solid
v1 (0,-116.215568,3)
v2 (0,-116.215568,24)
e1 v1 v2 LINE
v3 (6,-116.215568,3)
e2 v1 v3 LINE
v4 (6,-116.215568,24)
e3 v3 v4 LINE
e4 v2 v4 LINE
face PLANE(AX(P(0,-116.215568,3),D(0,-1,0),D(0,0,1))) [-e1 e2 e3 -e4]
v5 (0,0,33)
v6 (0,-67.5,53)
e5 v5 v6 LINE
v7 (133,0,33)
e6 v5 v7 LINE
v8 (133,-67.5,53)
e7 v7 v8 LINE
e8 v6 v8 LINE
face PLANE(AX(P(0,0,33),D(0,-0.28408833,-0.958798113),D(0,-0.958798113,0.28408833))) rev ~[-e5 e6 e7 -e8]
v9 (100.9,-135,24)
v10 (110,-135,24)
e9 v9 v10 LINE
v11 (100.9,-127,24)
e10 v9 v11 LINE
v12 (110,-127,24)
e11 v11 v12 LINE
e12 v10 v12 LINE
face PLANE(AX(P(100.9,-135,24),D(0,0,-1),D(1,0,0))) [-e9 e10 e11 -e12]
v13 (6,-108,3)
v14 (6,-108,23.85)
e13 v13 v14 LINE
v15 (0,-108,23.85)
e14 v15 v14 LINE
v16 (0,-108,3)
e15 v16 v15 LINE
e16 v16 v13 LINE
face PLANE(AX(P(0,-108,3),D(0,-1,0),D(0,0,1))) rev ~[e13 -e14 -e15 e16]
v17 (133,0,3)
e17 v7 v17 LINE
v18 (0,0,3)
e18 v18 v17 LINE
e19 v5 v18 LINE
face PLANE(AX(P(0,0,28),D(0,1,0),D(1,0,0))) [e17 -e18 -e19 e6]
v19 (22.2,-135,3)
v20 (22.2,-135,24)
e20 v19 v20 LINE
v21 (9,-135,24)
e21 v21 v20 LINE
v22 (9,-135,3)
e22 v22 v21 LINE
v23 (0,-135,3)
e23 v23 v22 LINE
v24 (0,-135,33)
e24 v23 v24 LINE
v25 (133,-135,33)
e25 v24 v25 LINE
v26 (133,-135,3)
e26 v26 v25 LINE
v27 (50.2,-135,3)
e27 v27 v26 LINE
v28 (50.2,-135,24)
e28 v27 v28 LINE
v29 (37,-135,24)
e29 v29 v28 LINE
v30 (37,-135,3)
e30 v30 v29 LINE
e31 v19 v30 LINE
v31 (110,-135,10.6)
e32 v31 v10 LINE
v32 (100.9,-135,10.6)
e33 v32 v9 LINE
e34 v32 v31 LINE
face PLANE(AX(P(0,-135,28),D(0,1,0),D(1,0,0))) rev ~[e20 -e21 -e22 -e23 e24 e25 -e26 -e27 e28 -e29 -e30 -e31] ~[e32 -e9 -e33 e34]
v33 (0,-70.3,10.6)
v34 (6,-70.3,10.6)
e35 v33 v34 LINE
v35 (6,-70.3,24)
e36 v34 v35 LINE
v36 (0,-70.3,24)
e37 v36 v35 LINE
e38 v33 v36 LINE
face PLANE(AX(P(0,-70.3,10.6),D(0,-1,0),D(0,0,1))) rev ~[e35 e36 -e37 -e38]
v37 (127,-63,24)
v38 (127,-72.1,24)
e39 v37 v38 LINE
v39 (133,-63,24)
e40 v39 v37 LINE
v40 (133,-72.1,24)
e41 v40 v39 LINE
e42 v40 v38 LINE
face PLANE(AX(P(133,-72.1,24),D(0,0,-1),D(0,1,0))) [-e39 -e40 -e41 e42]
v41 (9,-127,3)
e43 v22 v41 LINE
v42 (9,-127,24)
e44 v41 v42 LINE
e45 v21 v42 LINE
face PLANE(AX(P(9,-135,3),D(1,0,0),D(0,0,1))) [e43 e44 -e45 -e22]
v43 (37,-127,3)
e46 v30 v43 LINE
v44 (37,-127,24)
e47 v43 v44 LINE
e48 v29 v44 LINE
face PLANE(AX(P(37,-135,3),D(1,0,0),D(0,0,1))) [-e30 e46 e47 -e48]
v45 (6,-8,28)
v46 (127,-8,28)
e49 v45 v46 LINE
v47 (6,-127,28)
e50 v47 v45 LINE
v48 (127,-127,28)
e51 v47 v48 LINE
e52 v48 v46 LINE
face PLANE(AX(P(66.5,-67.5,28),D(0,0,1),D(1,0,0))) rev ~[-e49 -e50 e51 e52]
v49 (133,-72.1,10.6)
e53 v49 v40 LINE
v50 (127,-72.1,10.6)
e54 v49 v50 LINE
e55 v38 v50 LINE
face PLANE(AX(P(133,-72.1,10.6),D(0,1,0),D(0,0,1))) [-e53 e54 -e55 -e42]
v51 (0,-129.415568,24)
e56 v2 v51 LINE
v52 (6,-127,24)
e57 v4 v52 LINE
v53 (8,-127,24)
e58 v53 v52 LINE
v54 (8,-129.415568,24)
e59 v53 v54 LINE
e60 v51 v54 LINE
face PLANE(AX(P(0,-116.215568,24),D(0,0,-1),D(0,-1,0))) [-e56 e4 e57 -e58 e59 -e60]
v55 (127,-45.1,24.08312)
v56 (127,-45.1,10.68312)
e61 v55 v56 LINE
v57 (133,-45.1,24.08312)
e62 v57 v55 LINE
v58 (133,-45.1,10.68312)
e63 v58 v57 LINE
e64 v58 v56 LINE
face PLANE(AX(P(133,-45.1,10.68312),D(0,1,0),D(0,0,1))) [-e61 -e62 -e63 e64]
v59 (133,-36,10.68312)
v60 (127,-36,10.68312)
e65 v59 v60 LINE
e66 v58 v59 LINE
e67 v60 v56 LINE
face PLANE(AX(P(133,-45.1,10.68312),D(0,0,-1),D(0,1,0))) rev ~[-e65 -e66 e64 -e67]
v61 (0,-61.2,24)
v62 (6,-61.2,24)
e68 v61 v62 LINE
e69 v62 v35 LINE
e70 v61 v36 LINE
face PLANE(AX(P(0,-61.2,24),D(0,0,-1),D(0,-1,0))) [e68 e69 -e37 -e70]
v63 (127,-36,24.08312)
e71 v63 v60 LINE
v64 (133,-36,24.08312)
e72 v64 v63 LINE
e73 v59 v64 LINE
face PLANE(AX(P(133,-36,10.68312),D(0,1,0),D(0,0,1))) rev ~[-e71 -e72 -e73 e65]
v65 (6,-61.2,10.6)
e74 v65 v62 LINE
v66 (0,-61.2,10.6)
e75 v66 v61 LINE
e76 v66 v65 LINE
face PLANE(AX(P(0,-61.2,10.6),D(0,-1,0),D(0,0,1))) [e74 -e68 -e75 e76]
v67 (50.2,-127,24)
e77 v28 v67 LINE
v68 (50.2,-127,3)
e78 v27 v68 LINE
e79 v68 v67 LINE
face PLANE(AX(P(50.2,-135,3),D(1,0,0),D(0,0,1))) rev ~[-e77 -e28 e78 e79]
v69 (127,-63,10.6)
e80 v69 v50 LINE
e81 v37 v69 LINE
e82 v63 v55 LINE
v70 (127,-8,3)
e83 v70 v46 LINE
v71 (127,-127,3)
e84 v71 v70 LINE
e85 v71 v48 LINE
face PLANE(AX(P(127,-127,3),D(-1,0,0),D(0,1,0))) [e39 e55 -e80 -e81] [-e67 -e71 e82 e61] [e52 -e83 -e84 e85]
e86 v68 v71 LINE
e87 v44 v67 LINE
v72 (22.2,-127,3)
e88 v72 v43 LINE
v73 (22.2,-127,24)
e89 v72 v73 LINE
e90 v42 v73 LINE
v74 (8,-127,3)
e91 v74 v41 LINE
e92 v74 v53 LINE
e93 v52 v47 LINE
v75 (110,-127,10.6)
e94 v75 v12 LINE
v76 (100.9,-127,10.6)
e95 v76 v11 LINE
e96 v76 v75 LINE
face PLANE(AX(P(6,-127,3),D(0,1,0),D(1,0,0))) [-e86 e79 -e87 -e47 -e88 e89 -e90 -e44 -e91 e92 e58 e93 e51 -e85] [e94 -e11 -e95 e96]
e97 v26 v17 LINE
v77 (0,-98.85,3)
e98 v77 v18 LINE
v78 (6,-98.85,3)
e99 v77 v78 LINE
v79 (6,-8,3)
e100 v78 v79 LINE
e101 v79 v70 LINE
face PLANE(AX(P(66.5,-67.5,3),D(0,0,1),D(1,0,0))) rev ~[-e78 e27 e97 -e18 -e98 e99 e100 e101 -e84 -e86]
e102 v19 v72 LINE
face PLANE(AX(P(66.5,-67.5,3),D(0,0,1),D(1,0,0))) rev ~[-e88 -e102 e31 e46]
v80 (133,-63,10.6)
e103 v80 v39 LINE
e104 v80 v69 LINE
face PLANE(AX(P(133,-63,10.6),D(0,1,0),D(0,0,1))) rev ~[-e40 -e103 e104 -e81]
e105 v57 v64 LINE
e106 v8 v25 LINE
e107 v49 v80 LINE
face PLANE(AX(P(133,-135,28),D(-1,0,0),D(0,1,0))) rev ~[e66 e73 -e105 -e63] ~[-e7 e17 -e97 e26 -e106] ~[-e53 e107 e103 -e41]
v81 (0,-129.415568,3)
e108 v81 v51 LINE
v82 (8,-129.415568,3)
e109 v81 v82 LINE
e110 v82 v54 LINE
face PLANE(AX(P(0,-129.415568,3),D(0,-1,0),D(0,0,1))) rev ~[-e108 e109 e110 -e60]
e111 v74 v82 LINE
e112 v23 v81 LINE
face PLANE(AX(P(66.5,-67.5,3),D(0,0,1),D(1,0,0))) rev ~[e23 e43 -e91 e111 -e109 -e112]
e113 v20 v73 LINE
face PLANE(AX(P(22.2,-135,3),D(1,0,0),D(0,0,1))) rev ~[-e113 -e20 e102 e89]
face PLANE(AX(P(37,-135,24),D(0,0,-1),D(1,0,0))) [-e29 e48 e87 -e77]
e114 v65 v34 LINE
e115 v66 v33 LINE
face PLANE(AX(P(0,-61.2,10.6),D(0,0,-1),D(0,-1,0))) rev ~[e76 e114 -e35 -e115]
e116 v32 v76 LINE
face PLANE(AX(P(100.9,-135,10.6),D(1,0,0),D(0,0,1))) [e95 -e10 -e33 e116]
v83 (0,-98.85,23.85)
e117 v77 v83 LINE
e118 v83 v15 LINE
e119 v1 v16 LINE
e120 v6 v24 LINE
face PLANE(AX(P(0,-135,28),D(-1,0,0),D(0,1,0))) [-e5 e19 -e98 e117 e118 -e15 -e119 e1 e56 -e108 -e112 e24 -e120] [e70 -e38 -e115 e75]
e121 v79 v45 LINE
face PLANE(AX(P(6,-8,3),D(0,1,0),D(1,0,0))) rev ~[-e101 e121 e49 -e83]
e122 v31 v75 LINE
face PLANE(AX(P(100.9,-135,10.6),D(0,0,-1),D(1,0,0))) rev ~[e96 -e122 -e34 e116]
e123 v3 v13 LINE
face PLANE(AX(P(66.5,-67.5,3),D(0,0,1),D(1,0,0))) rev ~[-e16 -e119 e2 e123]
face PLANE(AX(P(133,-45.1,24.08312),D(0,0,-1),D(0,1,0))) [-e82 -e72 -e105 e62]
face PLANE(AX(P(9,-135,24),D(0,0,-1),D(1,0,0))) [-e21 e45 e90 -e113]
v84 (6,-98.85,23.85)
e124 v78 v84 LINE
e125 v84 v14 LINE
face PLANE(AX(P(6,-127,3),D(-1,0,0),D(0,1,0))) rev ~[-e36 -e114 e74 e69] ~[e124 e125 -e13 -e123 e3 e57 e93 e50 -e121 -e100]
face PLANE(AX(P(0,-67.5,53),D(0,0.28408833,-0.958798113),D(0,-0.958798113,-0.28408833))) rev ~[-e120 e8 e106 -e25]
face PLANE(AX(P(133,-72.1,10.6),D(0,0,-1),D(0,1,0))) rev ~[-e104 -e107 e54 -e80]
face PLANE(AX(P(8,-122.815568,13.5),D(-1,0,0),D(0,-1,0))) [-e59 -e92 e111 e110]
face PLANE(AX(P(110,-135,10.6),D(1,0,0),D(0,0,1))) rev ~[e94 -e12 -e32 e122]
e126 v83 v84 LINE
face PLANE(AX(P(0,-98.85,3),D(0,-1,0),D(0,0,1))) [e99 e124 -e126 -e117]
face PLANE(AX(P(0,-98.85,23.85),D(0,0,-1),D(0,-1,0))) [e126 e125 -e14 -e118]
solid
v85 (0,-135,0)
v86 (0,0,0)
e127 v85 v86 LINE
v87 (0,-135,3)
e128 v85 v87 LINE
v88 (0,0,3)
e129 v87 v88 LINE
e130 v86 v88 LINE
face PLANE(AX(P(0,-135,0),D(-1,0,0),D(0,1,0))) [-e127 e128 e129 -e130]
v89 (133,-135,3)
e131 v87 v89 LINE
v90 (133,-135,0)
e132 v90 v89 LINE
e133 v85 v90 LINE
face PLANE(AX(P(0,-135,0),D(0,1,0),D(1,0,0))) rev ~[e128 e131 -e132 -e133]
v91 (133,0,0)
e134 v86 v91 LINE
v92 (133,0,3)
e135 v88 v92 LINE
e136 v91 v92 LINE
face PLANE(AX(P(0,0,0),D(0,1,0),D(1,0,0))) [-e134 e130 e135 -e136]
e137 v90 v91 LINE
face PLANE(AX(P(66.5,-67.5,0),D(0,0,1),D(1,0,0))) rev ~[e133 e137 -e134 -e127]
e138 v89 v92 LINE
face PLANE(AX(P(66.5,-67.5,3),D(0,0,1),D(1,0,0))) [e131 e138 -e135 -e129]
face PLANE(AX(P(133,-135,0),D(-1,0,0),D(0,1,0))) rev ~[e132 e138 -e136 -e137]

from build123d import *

# Parameters (mm, degrees)
F0_W      = 133
F0_H      = 135
F1_DEPTH  = 3
F2_W      = 133
F2_H      = 135
F2_W_2    = 121
F2_H_2    = 119
F3_DEPTH  = 25
F5_W      = 9.1
F5_H      = 13.4
F6_DEPTH  = 25
F7_W      = 9.15
F7_H      = 20.85
F8_DEPTH  = 8
F9_W      = 13.2
F9_H      = 21
F10_DEPTH = 8
F11_W     = 9.1
F11_H     = 13.4
F12_DEPTH = 8
F13_W     = 9.1
F13_H     = 13.4
F15_DEPTH = 8
F16_W     = 9.1
F16_H     = 13.4
F16_W_2   = 13.2
F16_H_2   = 21
F17_DEPTH = 8
F18_W     = 133
F18_H     = 135
F19_DEPTH = 25
F21_DEPTH = 133.001


with BuildPart() as f1:
    # F0 (on Top) → F1 (new body)
    with BuildSketch(Plane.XY):
        with Locations((66.5, -67.5)):
            Rectangle(F0_W, F0_H)
    extrude(amount=F1_DEPTH)


with BuildPart() as f3:
    # F2 (on face) → F3 (new body)
    with BuildSketch(Plane.XY.offset(3)):
        with Locations((66.5, -67.5)):
            Rectangle(F2_W, F2_H)
        with Locations((66.5, -67.5)):
            Rectangle(F2_W_2, F2_H_2, mode=Mode.SUBTRACT)
    extrude(amount=F3_DEPTH)

    # F5 (on face) → F6 (cut)
    with BuildSketch(Plane(origin=(0, 0, 0), x_dir=(0, -1, 0), z_dir=(-1, 0, 0))):
        with Locations((65.75, 17.3)):
            Rectangle(F5_W, F5_H)
    extrude(amount=-F6_DEPTH, mode=Mode.SUBTRACT)

    # F7 (on face) → F8 (cut)
    with BuildSketch(Plane(origin=(0, 0, 0), x_dir=(0, -1, 0), z_dir=(-1, 0, 0))):
        with Locations((103.425, 13.425)):
            Rectangle(F7_W, F7_H)
    extrude(amount=-F8_DEPTH, mode=Mode.SUBTRACT)

    # F9 (on face) → F10 (cut)
    with BuildSketch(Plane(origin=(0, 0, 0), x_dir=(0, -1, 0), z_dir=(-1, 0, 0))):
        with Locations((122.815568, 13.5)):
            Rectangle(F9_W, F9_H)
    extrude(amount=-F10_DEPTH, mode=Mode.SUBTRACT)

    # F11 (on face) → F12 (cut)
    with BuildSketch(Plane.YZ.offset(133)):
        with Locations((-67.55, 17.3)):
            Rectangle(F11_W, F11_H)
    extrude(amount=-F12_DEPTH, mode=Mode.SUBTRACT)

    # F13 (on face) → F15 (cut)
    with BuildSketch(Plane.YZ.offset(133)):
        with Locations((-40.55, 17.38312)):
            Rectangle(F13_W, F13_H)
    extrude(amount=-F15_DEPTH, mode=Mode.SUBTRACT)

    # F16 (on face) → F17 (cut)
    with BuildSketch(Plane.XZ.offset(135)):
        with Locations((105.45, 17.3)):
            Rectangle(F16_W, F16_H)
        with Locations((43.6, 13.5)):
            Rectangle(F16_W_2, F16_H_2)
        with Locations((15.6, 13.5)):
            Rectangle(F16_W_2, F16_H_2)
    extrude(amount=-F17_DEPTH, mode=Mode.SUBTRACT)

    # F18 (on face) → F19 (join)
    with BuildSketch(Plane.XY.offset(28)):
        with Locations((66.5, -67.5)):
            Rectangle(F18_W, F18_H)
    extrude(amount=F19_DEPTH)

    # F20 (on face) → F21 (cut, through all)
    with BuildSketch(Plane(origin=(0, 0, 0), x_dir=(0, -1, 0), z_dir=(-1, 0, 0))):
        Polygon((135, 53), (67.5, 53), (135, 33), align=None)
        Polygon((0, 33), (67.5, 53), (0, 53), align=None)
    extrude(amount=-F21_DEPTH, mode=Mode.SUBTRACT)


solid = Compound([f1.part, f3.part])
